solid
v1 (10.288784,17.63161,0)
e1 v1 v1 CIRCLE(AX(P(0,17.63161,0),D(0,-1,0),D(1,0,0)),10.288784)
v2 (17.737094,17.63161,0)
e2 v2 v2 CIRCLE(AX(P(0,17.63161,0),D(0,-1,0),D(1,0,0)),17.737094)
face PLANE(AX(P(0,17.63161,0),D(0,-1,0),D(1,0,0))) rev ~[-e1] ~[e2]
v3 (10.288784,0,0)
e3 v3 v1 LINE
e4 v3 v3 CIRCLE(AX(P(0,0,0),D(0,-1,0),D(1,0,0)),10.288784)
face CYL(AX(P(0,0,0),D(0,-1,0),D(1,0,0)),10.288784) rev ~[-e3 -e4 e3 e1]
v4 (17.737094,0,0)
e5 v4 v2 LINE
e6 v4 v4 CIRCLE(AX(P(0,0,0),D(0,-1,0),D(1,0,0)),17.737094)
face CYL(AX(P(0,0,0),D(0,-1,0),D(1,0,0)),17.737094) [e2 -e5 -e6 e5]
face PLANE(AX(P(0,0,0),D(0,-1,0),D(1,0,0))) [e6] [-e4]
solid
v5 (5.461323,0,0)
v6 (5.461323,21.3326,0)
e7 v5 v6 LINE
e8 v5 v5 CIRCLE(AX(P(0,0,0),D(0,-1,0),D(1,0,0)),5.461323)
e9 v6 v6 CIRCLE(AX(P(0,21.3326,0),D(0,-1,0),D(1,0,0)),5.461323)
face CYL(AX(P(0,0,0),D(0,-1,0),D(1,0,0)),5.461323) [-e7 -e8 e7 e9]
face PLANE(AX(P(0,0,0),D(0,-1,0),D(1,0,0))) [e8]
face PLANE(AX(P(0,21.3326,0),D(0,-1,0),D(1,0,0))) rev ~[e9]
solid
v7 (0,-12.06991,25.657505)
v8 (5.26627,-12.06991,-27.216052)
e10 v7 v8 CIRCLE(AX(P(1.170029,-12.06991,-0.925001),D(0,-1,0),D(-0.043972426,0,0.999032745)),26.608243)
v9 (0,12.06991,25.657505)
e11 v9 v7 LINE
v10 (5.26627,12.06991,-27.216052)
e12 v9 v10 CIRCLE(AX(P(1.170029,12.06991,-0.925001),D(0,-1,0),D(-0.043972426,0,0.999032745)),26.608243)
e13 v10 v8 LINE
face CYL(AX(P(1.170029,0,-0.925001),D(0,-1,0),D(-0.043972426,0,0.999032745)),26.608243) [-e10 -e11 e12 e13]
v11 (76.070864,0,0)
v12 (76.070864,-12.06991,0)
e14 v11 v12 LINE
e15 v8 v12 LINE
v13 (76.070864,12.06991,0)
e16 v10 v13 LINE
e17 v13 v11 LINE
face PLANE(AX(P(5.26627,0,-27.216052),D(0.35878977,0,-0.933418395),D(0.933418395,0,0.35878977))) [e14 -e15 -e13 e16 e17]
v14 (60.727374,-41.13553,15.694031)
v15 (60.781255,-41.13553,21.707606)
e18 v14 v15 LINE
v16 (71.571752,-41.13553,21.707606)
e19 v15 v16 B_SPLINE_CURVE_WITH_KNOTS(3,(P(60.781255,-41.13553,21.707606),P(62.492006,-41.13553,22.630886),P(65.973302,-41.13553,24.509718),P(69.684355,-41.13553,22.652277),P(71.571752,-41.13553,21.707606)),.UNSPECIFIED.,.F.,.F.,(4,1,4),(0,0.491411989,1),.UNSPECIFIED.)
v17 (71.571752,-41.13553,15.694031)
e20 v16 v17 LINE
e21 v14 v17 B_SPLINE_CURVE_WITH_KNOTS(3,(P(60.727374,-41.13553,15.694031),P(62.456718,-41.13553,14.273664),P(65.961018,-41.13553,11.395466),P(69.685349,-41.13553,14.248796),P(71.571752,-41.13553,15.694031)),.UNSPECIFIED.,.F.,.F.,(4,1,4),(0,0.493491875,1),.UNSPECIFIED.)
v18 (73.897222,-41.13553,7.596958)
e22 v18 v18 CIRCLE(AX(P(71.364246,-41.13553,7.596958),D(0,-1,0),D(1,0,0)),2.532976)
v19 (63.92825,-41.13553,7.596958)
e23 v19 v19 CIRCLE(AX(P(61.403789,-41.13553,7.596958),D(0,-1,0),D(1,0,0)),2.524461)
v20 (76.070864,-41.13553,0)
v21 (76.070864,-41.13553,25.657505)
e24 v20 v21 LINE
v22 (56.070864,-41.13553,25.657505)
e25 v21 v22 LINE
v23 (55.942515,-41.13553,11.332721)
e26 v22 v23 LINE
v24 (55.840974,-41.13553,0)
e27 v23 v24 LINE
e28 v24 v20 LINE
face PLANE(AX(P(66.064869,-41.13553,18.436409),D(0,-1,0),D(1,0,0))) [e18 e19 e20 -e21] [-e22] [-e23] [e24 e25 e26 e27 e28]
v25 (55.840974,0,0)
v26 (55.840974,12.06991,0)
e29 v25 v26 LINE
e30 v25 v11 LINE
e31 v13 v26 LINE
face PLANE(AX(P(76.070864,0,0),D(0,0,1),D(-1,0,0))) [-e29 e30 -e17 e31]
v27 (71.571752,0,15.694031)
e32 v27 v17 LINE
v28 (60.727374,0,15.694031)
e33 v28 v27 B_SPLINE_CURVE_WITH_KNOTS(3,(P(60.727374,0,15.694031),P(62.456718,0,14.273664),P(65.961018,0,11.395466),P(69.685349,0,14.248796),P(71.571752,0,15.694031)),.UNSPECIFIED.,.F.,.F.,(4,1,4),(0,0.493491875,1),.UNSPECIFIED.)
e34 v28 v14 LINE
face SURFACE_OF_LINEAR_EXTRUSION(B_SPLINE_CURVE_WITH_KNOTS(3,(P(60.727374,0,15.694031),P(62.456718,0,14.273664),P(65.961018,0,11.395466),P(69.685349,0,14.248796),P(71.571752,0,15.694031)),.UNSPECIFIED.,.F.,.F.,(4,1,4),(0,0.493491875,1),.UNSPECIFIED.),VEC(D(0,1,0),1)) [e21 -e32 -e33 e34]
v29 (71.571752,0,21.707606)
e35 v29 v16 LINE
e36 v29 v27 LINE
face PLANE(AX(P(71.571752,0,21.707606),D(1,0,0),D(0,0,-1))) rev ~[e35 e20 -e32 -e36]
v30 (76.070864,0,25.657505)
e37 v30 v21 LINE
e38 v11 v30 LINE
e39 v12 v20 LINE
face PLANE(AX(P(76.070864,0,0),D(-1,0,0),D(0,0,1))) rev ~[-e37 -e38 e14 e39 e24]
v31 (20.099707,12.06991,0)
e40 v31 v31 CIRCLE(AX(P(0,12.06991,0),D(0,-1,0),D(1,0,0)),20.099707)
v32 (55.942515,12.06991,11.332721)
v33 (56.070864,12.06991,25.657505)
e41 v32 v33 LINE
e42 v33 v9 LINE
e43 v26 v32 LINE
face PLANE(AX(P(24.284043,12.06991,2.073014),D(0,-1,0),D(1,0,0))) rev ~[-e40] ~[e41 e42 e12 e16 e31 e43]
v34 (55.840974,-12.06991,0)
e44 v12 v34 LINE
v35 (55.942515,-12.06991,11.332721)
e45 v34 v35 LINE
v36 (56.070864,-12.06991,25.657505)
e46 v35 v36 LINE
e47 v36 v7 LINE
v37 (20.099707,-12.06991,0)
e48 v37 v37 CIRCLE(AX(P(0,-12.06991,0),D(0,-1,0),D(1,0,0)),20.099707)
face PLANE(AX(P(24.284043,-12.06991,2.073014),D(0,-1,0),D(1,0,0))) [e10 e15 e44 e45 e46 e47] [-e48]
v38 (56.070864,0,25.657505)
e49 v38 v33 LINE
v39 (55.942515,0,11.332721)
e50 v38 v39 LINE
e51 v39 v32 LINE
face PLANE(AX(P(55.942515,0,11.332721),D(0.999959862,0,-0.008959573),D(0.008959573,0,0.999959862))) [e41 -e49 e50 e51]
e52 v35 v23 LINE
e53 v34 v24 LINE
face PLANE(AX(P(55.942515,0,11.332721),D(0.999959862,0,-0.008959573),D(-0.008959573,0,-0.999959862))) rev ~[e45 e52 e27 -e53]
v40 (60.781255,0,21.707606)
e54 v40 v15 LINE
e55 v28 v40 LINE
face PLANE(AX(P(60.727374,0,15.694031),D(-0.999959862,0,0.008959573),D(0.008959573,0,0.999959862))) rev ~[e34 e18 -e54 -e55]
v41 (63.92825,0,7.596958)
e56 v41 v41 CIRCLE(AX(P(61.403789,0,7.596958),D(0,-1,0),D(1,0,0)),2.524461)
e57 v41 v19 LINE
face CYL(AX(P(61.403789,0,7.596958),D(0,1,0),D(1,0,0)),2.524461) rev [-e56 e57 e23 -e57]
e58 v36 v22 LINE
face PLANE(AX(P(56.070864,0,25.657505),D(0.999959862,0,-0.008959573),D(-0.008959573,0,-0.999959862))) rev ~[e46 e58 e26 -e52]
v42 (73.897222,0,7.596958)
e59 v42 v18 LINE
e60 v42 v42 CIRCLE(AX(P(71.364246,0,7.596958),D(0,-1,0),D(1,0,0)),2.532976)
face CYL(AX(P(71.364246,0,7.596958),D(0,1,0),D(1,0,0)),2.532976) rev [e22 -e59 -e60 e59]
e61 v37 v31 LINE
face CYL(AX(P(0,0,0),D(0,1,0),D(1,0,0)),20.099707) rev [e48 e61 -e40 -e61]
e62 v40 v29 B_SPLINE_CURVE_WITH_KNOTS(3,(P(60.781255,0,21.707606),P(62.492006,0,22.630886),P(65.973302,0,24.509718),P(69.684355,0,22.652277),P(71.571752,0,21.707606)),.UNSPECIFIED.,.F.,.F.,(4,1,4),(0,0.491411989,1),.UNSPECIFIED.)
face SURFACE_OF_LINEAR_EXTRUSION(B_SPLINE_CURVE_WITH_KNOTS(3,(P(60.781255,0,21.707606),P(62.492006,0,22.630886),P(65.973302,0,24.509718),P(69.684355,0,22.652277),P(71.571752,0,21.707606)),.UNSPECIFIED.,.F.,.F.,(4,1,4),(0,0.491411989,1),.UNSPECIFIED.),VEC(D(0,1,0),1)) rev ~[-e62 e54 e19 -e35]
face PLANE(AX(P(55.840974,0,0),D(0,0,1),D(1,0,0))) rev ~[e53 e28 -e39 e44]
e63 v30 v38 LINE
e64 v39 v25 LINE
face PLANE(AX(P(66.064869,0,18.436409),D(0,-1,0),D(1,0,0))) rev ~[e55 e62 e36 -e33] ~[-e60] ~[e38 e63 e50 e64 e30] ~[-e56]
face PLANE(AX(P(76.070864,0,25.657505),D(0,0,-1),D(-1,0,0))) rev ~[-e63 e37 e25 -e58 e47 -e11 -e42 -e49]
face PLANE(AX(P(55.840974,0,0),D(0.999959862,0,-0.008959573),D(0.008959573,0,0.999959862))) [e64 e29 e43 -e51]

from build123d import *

# Parameters (mm, degrees)
F0_R     = 5.4613233485
F1_DEPTH = 21.3326
F0_R_2   = 17.7370944441
F0_R_3   = 10.288784277
F2_DEPTH = 17.63161
F0_R_4   = 20.0997074459
F3_DEPTH = 12.06991
F0_R_5   = 2.5244614793
F0_R_6   = 2.5329756631
F4_DEPTH = 41.13553


with BuildPart() as f1:
    # F0 (on Front) → F1 (new body)
    with BuildSketch(Plane.XZ):
        Circle(F0_R)
    extrude(amount=-F1_DEPTH)


with BuildPart() as f2:
    # F0 (on Front) → F2 (new body)
    with BuildSketch(Plane.XZ):
        Circle(F0_R_2)
        Circle(F0_R_3, mode=Mode.SUBTRACT)
    extrude(amount=-F2_DEPTH)


with BuildPart() as f3:
    # F0 (on Front) → F3 (new body, symmetric)
    with BuildSketch(Plane.XZ):
        with BuildLine():
            Line((56.0708636168, 25.6575048998), (0, 25.6575048998))
            ThreePointArc((0, 25.6575048998), (-25.3072053767, -3.5621654459), (5.2662704281, -27.2160521519))
            Line((5.2662704281, -27.2160521519), (76.0708636168, 0))
            Line((76.0708636168, 0), (55.8409741003, 0))
            Line((55.8409741003, 0), (55.9425145146, 11.3327206796))
            Line((55.9425145146, 11.3327206796), (56.0708636168, 25.6575048998))
        make_face()
        Circle(F0_R_4, mode=Mode.SUBTRACT)
    extrude(amount=F3_DEPTH, both=True)

    # F0 (on Front) → F4 (join)
    with BuildSketch(Plane.XZ):
        Polygon((76.0708636168, 25.6575048998), (56.0708636168, 25.6575048998), (55.9425145146, 11.3327206796), (76.0708636168, 11.1523720268), align=None)
        with BuildLine():
            Line((60.7273741383, 15.6940306851), (60.7812553644, 21.7076055706))
            add(Edge.make_bspline(
                [(60.7812553644, 21.7076055706), (62.4920059957, 22.6308860077), (65.9733020744, 24.5097177361), (69.6843552677, 22.6522774372), (71.571752429, 21.7076055706)],
                knots=[0, 0, 0, 0, 0.4914119893, 1, 1, 1, 1], degree=3))
            Line((71.571752429, 21.7076055706), (71.571752429, 15.6940306851))
            add(Edge.make_bspline(
                [(60.7273741383, 15.6940306851), (62.4567179182, 14.2736635588), (65.9610183309, 11.3954659647), (69.6853487899, 14.2487958923), (71.571752429, 15.6940306851)],
                knots=[0, 0, 0, 0, 0.4934918746, 1, 1, 1, 1], degree=3))
        make_face(mode=Mode.SUBTRACT)
        Polygon((55.8409741003, 0), (76.0708636168, 0), (76.0708636168, 11.1523720268), (55.9425145146, 11.3327206796), align=None)
        with Locations((61.4037886262, 7.596957963)):
            Circle(F0_R_5, mode=Mode.SUBTRACT)
        with Locations((71.3642463088, 7.596957963)):
            Circle(F0_R_6, mode=Mode.SUBTRACT)
    extrude(amount=F4_DEPTH)


solid = Compound([f1.part, f2.part, f3.part])
